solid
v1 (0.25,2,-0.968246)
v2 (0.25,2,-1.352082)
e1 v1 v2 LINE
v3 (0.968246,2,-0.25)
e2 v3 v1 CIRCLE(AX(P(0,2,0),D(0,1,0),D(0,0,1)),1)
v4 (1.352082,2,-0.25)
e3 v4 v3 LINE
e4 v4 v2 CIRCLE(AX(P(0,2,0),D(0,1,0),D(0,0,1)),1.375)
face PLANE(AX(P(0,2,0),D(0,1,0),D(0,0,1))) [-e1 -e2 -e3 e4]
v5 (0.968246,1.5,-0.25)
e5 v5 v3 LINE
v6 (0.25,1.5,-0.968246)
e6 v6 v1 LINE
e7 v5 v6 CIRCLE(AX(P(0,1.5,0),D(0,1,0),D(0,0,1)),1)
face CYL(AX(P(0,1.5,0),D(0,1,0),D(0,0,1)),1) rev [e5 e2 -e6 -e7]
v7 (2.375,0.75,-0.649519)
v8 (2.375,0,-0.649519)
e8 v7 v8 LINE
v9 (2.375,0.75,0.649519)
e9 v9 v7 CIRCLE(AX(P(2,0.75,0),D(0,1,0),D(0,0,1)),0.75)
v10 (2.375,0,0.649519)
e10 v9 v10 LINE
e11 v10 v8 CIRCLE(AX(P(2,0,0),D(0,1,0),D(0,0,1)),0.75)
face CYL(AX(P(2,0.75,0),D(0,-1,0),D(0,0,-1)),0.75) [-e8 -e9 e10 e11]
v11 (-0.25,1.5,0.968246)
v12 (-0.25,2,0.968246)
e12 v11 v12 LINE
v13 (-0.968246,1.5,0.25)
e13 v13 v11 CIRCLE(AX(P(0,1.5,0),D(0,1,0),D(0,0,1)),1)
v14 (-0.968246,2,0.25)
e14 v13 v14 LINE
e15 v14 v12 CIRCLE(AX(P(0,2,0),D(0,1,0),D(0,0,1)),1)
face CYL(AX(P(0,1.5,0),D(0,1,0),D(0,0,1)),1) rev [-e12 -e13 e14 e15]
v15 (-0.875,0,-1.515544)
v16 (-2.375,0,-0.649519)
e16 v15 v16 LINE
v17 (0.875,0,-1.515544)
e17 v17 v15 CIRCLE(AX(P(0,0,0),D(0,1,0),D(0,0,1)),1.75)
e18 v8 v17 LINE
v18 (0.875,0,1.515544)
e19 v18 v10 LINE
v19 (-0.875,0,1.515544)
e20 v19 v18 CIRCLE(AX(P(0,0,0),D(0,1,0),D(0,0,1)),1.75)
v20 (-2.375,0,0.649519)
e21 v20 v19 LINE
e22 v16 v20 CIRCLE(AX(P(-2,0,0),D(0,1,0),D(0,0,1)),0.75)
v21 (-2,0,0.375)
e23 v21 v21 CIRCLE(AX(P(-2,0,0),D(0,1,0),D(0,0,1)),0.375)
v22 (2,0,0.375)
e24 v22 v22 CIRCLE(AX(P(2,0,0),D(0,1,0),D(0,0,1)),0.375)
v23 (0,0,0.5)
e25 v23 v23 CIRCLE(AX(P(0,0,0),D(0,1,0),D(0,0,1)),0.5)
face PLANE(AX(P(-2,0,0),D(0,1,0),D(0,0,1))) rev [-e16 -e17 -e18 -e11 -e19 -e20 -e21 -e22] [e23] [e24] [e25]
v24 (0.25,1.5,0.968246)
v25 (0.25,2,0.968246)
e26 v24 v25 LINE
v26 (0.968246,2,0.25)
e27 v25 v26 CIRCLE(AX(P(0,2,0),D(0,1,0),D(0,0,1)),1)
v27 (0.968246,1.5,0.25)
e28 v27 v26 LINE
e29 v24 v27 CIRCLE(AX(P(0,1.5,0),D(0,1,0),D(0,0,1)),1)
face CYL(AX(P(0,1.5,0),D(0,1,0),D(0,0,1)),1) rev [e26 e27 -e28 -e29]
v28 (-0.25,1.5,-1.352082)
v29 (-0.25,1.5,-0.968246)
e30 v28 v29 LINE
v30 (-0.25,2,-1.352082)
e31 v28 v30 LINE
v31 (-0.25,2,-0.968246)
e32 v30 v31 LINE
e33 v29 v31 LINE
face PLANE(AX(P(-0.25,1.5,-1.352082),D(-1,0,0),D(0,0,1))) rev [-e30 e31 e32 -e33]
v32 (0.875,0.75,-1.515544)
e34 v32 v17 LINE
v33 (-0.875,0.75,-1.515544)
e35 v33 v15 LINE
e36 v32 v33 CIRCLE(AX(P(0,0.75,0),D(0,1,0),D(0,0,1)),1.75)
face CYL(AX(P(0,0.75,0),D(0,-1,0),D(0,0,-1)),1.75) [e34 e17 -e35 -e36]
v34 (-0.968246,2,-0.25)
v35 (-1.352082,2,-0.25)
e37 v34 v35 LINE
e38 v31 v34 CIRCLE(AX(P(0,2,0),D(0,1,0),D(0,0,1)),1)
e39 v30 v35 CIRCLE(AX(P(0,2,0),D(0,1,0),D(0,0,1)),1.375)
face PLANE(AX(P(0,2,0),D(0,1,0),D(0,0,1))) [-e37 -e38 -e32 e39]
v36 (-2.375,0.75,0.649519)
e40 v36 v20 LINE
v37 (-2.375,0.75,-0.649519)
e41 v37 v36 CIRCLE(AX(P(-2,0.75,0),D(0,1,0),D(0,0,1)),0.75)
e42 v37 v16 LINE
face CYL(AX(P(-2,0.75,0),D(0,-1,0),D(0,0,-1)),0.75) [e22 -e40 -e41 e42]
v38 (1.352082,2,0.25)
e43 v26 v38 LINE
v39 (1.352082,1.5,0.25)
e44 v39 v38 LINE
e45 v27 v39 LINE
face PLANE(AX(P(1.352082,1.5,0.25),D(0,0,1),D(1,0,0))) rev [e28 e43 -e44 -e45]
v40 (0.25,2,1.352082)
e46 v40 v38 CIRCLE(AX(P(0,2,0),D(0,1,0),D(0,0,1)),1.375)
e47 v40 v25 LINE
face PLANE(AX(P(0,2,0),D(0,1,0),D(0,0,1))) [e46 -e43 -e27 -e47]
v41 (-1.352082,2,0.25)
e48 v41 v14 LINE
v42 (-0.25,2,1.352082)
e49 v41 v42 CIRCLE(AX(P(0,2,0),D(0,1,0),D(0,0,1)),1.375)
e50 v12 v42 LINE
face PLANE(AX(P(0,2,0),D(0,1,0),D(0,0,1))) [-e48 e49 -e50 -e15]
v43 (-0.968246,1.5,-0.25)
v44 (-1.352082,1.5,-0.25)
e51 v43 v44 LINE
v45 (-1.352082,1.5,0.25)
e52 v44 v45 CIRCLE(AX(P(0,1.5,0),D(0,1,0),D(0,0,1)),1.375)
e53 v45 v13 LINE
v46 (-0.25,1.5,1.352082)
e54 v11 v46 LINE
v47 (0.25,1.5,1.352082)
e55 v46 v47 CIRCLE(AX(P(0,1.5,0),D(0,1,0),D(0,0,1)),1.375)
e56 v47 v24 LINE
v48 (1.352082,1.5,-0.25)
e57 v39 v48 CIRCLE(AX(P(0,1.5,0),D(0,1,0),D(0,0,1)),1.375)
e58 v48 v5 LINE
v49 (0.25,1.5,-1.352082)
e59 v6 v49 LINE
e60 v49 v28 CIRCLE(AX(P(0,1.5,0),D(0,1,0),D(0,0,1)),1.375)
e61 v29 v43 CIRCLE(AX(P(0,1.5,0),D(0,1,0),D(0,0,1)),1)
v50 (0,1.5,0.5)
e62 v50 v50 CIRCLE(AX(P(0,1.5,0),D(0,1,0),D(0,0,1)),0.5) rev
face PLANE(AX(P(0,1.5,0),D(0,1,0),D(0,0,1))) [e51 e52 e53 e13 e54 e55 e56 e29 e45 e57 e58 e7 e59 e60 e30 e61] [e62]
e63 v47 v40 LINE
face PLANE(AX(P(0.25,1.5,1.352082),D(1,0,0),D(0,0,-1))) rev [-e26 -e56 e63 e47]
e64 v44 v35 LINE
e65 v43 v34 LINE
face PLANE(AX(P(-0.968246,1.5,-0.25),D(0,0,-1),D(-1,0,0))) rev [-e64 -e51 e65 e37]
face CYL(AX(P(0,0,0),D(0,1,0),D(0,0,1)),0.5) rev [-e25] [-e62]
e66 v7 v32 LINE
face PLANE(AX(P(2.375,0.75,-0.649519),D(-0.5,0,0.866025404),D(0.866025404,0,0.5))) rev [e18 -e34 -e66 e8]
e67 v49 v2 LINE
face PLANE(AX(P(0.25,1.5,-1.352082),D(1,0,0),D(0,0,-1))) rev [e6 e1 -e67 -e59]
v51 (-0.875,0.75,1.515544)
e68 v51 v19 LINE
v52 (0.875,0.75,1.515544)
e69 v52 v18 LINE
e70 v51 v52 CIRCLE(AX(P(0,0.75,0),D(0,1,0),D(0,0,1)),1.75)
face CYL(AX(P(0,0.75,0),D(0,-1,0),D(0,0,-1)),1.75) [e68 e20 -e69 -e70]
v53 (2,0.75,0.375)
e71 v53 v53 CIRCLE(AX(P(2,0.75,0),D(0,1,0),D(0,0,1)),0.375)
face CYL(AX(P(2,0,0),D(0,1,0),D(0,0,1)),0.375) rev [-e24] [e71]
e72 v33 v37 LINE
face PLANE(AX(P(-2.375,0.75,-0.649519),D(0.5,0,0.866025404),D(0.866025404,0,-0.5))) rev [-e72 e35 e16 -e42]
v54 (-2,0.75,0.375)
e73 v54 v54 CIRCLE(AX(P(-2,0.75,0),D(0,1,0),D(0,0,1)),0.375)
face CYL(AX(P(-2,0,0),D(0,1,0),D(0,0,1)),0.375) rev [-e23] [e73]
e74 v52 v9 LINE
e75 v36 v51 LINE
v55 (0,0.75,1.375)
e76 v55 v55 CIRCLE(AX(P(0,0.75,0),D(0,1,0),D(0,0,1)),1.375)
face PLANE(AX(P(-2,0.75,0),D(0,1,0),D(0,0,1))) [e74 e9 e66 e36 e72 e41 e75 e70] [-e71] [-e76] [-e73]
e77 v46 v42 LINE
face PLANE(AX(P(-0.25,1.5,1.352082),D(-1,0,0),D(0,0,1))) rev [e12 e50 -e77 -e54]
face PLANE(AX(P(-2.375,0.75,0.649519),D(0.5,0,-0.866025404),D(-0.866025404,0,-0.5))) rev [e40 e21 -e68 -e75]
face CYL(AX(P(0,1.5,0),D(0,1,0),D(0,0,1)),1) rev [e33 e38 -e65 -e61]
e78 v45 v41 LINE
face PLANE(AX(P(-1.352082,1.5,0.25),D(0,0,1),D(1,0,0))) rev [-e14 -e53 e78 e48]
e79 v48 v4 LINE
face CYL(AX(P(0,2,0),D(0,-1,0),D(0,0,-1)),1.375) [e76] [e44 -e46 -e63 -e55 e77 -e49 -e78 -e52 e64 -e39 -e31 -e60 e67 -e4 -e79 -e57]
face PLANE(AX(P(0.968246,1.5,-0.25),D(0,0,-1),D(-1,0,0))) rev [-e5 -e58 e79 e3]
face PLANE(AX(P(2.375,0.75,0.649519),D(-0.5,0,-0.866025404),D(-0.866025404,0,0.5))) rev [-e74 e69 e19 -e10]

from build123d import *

# Parameters (mm, degrees)
BOSS_EXTRUDE1_DEPTH = 0.75
SKETCH2_R           = 0.375
CUT_EXTRUDE1_DEPTH  = 4.34477204
SKETCH3_R           = 1.375
BOSS_EXTRUDE2_DEPTH = 1.25
SKETCH5_R           = 0.5
CUT_EXTRUDE2_DEPTH  = 4.824264635
CUT_EXTRUDE3_START  = -0.5
CUT_EXTRUDE3_DEPTH  = 0.5


with BuildPart() as part:
    # Sketch1 → Boss-Extrude1 (new body)
    with BuildSketch(Plane(origin=(0, 0, 0), x_dir=(1, 0, 0), z_dir=(0, 1, 0))):
        with BuildLine():
            Line((-2.375, 0.649519053), (-0.875, 1.515544457))
            ThreePointArc((-0.875, 1.515544457), (0, 1.75), (0.875, 1.515544457))
            Line((0.875, 1.515544457), (2.375, 0.649519053))
            ThreePointArc((2.375, 0.649519053), (2.75, 0), (2.375, -0.649519053))
            Line((2.375, -0.649519053), (0.875, -1.515544457))
            ThreePointArc((0.875, -1.515544457), (0, -1.75), (-0.875, -1.515544457))
            Line((-0.875, -1.515544457), (-2.375, -0.649519053))
            ThreePointArc((-2.375, -0.649519053), (-2.75, 0), (-2.375, 0.649519053))
        make_face()
    extrude(amount=BOSS_EXTRUDE1_DEPTH)

    # Sketch2 → Cut-Extrude1 (cut, through all)
    with BuildSketch(Plane(origin=(0, 0.75, 0), x_dir=(1, 0, 0), z_dir=(0, 1, 0))):
        with Locations(Location((-2, 0, 0), (0, 0, 270))):
            Circle(SKETCH2_R)
        with Locations(Location((2, 0, 0), (0, 0, 270))):
            Circle(SKETCH2_R)
    extrude(amount=-CUT_EXTRUDE1_DEPTH, mode=Mode.SUBTRACT)

    # Sketch3 → Boss-Extrude2 (add)
    with BuildSketch(Plane(origin=(0, 0.75, 0), x_dir=(1, 0, 0), z_dir=(0, 1, 0))):
        with Locations(Location((0, 0, 0), (0, 0, 270))):
            Circle(SKETCH3_R)
    extrude(amount=BOSS_EXTRUDE2_DEPTH)

    # Sketch5 → Cut-Extrude2 (cut, through all)
    with BuildSketch(Plane(origin=(0, 2, 0), x_dir=(1, 0, 0), z_dir=(0, 1, 0))):
        with Locations(Location((0, 0, 0), (0, 0, 270))):
            Circle(SKETCH5_R)
    extrude(amount=-CUT_EXTRUDE2_DEPTH, mode=Mode.SUBTRACT)

    # Sketch6 → Cut-Extrude3 (cut)
    with BuildSketch(Plane(origin=(0, 2, 0), x_dir=(1, 0, 0), z_dir=(0, 1, 0)).offset(CUT_EXTRUDE3_START)):
        with BuildLine():
            Line((0.25, 1.352081728), (0.25, 0.968245837))
            ThreePointArc((0.25, 0.968245837), (0.707106781, 0.707106781), (0.968245837, 0.25))
            Line((0.968245837, 0.25), (1.352081728, 0.25))
            ThreePointArc((1.352081728, 0.25), (1.375, 0), (1.352081728, -0.25))
            Line((1.352081728, -0.25), (0.968245837, -0.25))
            ThreePointArc((0.968245837, -0.25), (0.707106781, -0.707106781), (0.25, -0.968245837))
            Line((0.25, -0.968245837), (0.25, -1.352081728))
            ThreePointArc((0.25, -1.352081728), (0, -1.375), (-0.25, -1.352081728))
            Line((-0.25, -1.352081728), (-0.25, -0.968245837))
            ThreePointArc((-0.25, -0.968245837), (-0.707106781, -0.707106781), (-0.968245837, -0.25))
            Line((-0.968245837, -0.25), (-1.352081728, -0.25))
            ThreePointArc((-1.352081728, -0.25), (-1.375, 0), (-1.352081728, 0.25))
            Line((-1.352081728, 0.25), (-0.968245837, 0.25))
            ThreePointArc((-0.968245837, 0.25), (-0.707106781, 0.707106781), (-0.25, 0.968245837))
            Line((-0.25, 0.968245837), (-0.25, 1.352081728))
            ThreePointArc((-0.25, 1.352081728), (0, 1.375), (0.25, 1.352081728))
        make_face()
    extrude(amount=CUT_EXTRUDE3_DEPTH, mode=Mode.SUBTRACT)


solid = part.part
